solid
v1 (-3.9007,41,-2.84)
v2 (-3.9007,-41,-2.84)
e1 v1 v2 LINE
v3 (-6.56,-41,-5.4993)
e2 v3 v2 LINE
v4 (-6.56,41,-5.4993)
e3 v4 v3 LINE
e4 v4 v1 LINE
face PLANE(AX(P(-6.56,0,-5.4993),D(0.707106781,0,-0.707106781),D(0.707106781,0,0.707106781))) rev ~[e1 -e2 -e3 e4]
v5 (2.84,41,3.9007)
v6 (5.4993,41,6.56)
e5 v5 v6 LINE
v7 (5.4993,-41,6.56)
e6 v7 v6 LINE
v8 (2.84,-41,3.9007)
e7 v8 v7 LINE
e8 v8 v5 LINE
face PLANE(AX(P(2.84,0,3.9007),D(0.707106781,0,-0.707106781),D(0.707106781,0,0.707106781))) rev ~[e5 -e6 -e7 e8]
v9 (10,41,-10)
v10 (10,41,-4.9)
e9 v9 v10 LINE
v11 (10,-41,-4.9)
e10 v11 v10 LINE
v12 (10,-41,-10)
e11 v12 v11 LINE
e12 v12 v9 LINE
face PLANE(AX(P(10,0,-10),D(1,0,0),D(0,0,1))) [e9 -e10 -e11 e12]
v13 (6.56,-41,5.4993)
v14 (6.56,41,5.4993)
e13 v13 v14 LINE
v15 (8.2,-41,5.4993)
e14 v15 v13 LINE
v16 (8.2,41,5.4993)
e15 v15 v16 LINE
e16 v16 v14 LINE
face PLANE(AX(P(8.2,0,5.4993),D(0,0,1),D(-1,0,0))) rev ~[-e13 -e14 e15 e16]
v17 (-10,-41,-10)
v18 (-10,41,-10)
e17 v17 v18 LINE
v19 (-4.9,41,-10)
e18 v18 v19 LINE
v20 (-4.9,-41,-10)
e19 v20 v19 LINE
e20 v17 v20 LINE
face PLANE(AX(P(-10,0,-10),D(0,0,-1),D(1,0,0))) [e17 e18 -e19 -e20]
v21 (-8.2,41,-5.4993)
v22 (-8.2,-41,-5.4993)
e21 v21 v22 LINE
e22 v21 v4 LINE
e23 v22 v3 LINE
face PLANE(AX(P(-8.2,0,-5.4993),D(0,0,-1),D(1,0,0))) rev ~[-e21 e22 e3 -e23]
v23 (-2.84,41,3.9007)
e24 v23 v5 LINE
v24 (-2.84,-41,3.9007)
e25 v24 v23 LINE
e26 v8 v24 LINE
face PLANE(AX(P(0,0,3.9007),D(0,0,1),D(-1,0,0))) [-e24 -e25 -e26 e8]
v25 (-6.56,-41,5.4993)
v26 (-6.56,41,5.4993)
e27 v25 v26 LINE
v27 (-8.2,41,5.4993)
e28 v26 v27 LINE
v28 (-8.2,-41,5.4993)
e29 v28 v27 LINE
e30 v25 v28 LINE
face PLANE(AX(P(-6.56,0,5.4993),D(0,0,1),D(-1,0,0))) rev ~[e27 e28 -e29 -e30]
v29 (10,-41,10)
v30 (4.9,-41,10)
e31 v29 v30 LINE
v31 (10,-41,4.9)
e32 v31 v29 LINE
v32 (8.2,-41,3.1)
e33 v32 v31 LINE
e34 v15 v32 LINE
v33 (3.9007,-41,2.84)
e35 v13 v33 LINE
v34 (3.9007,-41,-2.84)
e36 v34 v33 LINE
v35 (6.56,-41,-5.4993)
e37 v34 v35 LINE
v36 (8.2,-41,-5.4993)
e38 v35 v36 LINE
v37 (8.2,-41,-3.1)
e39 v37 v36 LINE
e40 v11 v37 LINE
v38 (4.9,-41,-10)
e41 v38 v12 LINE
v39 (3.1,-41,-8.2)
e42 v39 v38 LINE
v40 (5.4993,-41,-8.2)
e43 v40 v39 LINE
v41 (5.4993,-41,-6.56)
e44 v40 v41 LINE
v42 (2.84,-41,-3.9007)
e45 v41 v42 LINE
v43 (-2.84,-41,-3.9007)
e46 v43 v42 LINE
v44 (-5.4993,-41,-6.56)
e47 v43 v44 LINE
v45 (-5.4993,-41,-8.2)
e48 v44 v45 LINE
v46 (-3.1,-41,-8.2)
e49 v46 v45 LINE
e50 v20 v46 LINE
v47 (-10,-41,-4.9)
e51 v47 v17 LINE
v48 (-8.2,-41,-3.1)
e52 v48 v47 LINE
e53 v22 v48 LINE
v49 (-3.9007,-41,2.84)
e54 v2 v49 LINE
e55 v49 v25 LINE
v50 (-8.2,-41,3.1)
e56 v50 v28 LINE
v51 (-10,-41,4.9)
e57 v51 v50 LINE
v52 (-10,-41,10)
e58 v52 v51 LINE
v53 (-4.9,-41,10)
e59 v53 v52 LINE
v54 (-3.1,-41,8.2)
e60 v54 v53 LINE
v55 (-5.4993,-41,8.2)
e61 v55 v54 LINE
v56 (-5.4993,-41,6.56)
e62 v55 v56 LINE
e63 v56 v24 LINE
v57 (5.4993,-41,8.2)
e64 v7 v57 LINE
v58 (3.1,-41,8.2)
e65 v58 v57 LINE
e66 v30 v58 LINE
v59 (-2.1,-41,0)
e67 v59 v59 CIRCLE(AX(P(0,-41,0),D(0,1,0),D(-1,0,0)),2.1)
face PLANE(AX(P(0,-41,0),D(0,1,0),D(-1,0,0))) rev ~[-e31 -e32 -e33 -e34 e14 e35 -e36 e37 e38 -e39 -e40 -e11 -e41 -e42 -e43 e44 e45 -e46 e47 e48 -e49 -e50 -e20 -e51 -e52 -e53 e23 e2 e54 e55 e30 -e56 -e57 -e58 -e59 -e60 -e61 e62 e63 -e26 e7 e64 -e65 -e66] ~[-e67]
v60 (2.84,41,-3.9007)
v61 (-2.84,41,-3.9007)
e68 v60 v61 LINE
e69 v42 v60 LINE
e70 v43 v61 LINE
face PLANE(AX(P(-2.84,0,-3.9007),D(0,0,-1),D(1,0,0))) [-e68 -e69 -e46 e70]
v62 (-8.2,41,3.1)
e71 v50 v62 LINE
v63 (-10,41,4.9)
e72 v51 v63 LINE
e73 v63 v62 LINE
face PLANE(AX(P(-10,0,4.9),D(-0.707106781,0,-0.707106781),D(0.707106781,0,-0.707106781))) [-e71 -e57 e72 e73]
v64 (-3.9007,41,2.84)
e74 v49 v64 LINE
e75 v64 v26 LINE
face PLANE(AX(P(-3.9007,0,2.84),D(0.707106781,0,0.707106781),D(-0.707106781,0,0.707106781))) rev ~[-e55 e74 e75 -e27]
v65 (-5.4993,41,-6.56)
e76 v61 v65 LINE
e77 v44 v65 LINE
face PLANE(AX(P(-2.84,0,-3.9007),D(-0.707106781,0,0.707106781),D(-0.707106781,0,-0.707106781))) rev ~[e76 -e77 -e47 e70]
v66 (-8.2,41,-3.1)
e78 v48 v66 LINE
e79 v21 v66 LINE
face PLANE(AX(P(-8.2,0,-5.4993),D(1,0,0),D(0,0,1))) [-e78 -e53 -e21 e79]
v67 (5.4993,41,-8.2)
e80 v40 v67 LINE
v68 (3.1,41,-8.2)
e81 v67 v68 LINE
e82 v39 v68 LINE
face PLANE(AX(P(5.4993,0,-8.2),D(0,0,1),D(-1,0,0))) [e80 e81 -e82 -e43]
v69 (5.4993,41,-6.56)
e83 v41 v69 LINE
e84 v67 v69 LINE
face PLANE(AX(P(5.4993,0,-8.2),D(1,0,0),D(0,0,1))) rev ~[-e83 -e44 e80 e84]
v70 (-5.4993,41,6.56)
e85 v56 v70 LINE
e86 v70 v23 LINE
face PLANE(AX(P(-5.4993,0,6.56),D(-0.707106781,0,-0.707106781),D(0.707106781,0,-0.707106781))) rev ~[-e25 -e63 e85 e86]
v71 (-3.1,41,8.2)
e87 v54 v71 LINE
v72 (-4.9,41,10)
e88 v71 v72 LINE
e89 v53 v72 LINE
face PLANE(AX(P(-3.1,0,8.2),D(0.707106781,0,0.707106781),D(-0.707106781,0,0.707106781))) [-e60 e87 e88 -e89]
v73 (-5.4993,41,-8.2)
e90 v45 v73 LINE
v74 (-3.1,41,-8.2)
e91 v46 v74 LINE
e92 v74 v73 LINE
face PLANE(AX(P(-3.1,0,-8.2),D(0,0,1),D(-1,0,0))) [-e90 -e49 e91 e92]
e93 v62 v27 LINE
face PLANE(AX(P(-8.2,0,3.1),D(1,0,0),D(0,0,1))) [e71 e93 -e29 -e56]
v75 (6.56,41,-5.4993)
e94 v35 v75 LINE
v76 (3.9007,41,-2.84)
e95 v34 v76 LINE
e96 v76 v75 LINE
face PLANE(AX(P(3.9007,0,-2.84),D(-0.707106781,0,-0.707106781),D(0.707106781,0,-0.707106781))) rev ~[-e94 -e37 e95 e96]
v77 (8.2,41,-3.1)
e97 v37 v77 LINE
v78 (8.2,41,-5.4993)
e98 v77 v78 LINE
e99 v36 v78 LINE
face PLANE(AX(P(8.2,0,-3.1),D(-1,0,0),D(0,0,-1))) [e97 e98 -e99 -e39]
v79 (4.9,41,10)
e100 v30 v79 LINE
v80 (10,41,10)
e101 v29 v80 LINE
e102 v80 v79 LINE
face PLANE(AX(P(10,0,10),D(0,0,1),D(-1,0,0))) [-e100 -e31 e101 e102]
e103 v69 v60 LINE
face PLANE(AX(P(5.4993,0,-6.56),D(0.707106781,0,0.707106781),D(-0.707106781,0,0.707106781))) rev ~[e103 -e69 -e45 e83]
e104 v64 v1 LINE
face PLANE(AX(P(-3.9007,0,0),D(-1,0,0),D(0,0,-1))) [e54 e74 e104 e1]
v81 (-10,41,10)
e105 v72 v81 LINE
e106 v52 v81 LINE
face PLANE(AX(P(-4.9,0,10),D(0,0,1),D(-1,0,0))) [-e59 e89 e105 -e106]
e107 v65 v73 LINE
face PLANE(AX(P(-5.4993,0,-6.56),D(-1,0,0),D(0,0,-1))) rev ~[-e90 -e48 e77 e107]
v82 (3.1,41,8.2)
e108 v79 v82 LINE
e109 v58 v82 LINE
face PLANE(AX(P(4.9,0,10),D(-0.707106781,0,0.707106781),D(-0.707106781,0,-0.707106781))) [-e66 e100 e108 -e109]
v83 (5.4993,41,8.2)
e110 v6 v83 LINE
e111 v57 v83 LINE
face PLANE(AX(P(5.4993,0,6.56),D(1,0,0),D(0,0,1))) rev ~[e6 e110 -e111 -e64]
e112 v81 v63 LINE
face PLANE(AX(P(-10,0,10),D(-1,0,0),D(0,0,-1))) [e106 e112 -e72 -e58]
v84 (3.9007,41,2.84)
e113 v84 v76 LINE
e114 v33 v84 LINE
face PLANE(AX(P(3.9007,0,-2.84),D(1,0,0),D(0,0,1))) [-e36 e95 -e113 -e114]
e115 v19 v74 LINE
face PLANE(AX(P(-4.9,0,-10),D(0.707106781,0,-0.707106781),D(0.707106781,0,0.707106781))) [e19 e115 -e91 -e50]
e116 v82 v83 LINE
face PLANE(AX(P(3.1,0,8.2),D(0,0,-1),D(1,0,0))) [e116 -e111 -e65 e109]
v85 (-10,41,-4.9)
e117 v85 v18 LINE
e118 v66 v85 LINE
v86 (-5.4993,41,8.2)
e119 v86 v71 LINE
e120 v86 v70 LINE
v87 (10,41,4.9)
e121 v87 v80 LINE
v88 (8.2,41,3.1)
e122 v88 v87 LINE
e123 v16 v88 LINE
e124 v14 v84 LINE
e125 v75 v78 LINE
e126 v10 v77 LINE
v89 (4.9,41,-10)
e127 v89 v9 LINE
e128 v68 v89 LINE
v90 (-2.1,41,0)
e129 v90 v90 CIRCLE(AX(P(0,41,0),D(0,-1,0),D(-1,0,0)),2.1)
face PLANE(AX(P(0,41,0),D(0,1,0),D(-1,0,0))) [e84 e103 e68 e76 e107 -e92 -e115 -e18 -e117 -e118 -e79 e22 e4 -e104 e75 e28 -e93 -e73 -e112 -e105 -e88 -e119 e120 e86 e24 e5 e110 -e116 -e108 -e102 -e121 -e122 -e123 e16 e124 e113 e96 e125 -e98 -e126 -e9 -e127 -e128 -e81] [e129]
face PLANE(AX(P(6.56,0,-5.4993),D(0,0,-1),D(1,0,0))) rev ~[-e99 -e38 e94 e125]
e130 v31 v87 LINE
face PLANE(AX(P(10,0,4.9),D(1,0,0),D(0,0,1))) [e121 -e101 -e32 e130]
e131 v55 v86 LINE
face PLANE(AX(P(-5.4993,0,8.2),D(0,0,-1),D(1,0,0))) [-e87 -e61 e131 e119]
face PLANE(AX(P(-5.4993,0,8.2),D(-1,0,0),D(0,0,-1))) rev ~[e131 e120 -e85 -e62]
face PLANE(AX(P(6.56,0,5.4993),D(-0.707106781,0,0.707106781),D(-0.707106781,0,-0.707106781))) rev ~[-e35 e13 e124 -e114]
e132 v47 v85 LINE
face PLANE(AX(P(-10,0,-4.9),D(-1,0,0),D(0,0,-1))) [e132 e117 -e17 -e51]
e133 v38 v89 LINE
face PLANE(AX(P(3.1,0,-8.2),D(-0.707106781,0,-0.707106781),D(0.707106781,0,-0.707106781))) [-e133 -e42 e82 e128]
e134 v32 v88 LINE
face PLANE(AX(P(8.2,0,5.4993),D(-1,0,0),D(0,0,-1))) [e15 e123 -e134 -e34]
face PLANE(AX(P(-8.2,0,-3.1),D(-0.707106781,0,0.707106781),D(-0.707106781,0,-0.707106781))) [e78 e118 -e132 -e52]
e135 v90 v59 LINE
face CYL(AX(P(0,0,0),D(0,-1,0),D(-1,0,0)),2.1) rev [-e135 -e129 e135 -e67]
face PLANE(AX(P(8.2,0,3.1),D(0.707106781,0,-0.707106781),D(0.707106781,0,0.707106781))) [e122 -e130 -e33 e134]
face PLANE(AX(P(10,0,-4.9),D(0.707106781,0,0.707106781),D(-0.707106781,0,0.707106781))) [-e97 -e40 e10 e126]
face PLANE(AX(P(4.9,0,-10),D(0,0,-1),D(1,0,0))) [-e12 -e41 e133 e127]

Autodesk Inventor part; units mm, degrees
ref_plane "YZ Plane" through (0, 0, 0) normal (1, 0, 0) x (0, 1, 0)
ref_plane "XZ Plane" through (0, 0, 0) normal (0, 1, 0) x (-1, 0, 0)
ref_plane "XY Plane" through (0, 0, 0) normal (0, 0, 1) x (1, 0, 0)
sketch "Sketch1" plane through (0, 0, 0) normal (0, 1, 0) x (-1, 0, 0)
  circle A0 centre (0, 0) radius 2.1
  line L0 (0, -3.9007) -> (-2.84, -3.9007)
  line L1 (-5.4993, -8.2) -> (-3.1, -8.2)
  line L2 (-3.1, -8.2) -> (-4.9, -10)
  line L3 (-4.9, -10) -> (-10, -10)
  line L4 (-10, -10) -> (-10, -4.9)
  line L5 (-10, -4.9) -> (-8.2, -3.1)
  line L6 (-8.2, -3.1) -> (-8.2, -5.4993)
  line L7 (-3.9007, -2.84) -> (-3.9007, 0)
  line L8 (-3.9007, 0) -> (-2.1, 0)
  line L9 (0, -3.9007) -> (0, -2.1) construction
  line L10 (-5.4993, -8.2) -> (-5.4993, -6.56)
  line L11 (-5.4993, -6.56) -> (-2.84, -3.9007)
  line L12 (-3.9007, -2.84) -> (-6.56, -5.4993)
  line L13 (-6.56, -5.4993) -> (-8.2, -5.4993)
  line L14 (6.56, -5.4993) -> (3.9007, -2.84)
  line L15 (3.1, -8.2) -> (5.4993, -8.2)
  line L16 (5.4993, -6.56) -> (5.4993, -8.2)
  line L17 (8.2, -5.4993) -> (8.2, -3.1)
  line L18 (8.2, -5.4993) -> (6.56, -5.4993)
  line L19 (8.2, -3.1) -> (10, -4.9)
  line L20 (4.9, -10) -> (3.1, -8.2)
  line L21 (10, -4.9) -> (10, -10)
  line L22 (10, -10) -> (4.9, -10)
  line L23 (2.84, -3.9007) -> (0, -3.9007)
  line L24 (0, -3.9007) -> (0, -2.1) construction
  line L25 (3.9007, 0) -> (2.1, 0)
  line L26 (3.9007, 0) -> (3.9007, -2.84)
  line L27 (2.84, -3.9007) -> (5.4993, -6.56)
  line L28 (5.4993, 6.56) -> (2.84, 3.9007)
  line L29 (8.2, 3.1) -> (8.2, 5.4993)
  line L30 (6.56, 5.4993) -> (8.2, 5.4993)
  line L31 (5.4993, 8.2) -> (3.1, 8.2)
  line L32 (5.4993, 8.2) -> (5.4993, 6.56)
  line L33 (3.1, 8.2) -> (4.9, 10)
  line L34 (10, 4.9) -> (8.2, 3.1)
  line L35 (4.9, 10) -> (10, 10)
  line L36 (10, 10) -> (10, 4.9)
  line L37 (3.9007, 2.84) -> (3.9007, 0)
  line L38 (3.9007, 0) -> (2.1, 0) construction
  line L39 (0, 3.9007) -> (0, 2.1)
  line L40 (0, 3.9007) -> (2.84, 3.9007)
  line L41 (3.9007, 2.84) -> (6.56, 5.4993)
  line L42 (-6.56, 5.4993) -> (-3.9007, 2.84)
  line L43 (-3.1, 8.2) -> (-5.4993, 8.2)
  line L44 (-5.4993, 6.56) -> (-5.4993, 8.2)
  line L45 (-8.2, 5.4993) -> (-8.2, 3.1)
  line L46 (-8.2, 5.4993) -> (-6.56, 5.4993)
  line L47 (-8.2, 3.1) -> (-10, 4.9)
  line L48 (-4.9, 10) -> (-3.1, 8.2)
  line L49 (-10, 4.9) -> (-10, 10)
  line L50 (-10, 10) -> (-4.9, 10)
  line L51 (-2.84, 3.9007) -> (0, 3.9007)
  line L52 (0, 3.9007) -> (0, 2.1) construction
  line L53 (-3.9007, 0) -> (-2.1, 0) construction
  line L54 (-3.9007, 0) -> (-3.9007, 2.84)
  line L55 (-2.84, 3.9007) -> (-5.4993, 6.56)
  point P0 (0, -3.0003)
  point P1 (-3.0003, 0)
  point P2 (0, -3.0003)
  point P3 (3.0003, 0)
  point P4 (3.0003, 0)
  point P5 (0, 3.0003)
  point P6 (0, 3.0003)
  point P7 (-3.0003, 0)
  dimension "d0" = 4.2
  dimension "d2" = 45
  dimension "d3" = 3.1
  dimension "d4" = 2.84
  dimension "d7" = 10
  dimension "d8" = 10
  dimension "d9" = 1.5
  dimension "d10" = 1.8
  dimension "d11" = 1.64
  dimension "d14" = 360
extrude "Extrusion1" add sketch "Sketch1" along normal mid plane 82 contours L25 L26 L14 L18 L17 L19 L21 L22 L20 L15 L16 L27 L23 L0 L11 L10 L1 L2 L3 L4 L5 L6 L13 L12 L7 L8 A0 | A0 L39 L40 L28 L32 L31 L33 L35 L36 L34 L29 L30 L41 L37 L25 | A0 L8 L54 L42 L46 L45 L47 L49 L50 L48 L43 L44 L55 L51 L39
properties part number "vslot_400mm" material "Aluminum 6061-AHC"
